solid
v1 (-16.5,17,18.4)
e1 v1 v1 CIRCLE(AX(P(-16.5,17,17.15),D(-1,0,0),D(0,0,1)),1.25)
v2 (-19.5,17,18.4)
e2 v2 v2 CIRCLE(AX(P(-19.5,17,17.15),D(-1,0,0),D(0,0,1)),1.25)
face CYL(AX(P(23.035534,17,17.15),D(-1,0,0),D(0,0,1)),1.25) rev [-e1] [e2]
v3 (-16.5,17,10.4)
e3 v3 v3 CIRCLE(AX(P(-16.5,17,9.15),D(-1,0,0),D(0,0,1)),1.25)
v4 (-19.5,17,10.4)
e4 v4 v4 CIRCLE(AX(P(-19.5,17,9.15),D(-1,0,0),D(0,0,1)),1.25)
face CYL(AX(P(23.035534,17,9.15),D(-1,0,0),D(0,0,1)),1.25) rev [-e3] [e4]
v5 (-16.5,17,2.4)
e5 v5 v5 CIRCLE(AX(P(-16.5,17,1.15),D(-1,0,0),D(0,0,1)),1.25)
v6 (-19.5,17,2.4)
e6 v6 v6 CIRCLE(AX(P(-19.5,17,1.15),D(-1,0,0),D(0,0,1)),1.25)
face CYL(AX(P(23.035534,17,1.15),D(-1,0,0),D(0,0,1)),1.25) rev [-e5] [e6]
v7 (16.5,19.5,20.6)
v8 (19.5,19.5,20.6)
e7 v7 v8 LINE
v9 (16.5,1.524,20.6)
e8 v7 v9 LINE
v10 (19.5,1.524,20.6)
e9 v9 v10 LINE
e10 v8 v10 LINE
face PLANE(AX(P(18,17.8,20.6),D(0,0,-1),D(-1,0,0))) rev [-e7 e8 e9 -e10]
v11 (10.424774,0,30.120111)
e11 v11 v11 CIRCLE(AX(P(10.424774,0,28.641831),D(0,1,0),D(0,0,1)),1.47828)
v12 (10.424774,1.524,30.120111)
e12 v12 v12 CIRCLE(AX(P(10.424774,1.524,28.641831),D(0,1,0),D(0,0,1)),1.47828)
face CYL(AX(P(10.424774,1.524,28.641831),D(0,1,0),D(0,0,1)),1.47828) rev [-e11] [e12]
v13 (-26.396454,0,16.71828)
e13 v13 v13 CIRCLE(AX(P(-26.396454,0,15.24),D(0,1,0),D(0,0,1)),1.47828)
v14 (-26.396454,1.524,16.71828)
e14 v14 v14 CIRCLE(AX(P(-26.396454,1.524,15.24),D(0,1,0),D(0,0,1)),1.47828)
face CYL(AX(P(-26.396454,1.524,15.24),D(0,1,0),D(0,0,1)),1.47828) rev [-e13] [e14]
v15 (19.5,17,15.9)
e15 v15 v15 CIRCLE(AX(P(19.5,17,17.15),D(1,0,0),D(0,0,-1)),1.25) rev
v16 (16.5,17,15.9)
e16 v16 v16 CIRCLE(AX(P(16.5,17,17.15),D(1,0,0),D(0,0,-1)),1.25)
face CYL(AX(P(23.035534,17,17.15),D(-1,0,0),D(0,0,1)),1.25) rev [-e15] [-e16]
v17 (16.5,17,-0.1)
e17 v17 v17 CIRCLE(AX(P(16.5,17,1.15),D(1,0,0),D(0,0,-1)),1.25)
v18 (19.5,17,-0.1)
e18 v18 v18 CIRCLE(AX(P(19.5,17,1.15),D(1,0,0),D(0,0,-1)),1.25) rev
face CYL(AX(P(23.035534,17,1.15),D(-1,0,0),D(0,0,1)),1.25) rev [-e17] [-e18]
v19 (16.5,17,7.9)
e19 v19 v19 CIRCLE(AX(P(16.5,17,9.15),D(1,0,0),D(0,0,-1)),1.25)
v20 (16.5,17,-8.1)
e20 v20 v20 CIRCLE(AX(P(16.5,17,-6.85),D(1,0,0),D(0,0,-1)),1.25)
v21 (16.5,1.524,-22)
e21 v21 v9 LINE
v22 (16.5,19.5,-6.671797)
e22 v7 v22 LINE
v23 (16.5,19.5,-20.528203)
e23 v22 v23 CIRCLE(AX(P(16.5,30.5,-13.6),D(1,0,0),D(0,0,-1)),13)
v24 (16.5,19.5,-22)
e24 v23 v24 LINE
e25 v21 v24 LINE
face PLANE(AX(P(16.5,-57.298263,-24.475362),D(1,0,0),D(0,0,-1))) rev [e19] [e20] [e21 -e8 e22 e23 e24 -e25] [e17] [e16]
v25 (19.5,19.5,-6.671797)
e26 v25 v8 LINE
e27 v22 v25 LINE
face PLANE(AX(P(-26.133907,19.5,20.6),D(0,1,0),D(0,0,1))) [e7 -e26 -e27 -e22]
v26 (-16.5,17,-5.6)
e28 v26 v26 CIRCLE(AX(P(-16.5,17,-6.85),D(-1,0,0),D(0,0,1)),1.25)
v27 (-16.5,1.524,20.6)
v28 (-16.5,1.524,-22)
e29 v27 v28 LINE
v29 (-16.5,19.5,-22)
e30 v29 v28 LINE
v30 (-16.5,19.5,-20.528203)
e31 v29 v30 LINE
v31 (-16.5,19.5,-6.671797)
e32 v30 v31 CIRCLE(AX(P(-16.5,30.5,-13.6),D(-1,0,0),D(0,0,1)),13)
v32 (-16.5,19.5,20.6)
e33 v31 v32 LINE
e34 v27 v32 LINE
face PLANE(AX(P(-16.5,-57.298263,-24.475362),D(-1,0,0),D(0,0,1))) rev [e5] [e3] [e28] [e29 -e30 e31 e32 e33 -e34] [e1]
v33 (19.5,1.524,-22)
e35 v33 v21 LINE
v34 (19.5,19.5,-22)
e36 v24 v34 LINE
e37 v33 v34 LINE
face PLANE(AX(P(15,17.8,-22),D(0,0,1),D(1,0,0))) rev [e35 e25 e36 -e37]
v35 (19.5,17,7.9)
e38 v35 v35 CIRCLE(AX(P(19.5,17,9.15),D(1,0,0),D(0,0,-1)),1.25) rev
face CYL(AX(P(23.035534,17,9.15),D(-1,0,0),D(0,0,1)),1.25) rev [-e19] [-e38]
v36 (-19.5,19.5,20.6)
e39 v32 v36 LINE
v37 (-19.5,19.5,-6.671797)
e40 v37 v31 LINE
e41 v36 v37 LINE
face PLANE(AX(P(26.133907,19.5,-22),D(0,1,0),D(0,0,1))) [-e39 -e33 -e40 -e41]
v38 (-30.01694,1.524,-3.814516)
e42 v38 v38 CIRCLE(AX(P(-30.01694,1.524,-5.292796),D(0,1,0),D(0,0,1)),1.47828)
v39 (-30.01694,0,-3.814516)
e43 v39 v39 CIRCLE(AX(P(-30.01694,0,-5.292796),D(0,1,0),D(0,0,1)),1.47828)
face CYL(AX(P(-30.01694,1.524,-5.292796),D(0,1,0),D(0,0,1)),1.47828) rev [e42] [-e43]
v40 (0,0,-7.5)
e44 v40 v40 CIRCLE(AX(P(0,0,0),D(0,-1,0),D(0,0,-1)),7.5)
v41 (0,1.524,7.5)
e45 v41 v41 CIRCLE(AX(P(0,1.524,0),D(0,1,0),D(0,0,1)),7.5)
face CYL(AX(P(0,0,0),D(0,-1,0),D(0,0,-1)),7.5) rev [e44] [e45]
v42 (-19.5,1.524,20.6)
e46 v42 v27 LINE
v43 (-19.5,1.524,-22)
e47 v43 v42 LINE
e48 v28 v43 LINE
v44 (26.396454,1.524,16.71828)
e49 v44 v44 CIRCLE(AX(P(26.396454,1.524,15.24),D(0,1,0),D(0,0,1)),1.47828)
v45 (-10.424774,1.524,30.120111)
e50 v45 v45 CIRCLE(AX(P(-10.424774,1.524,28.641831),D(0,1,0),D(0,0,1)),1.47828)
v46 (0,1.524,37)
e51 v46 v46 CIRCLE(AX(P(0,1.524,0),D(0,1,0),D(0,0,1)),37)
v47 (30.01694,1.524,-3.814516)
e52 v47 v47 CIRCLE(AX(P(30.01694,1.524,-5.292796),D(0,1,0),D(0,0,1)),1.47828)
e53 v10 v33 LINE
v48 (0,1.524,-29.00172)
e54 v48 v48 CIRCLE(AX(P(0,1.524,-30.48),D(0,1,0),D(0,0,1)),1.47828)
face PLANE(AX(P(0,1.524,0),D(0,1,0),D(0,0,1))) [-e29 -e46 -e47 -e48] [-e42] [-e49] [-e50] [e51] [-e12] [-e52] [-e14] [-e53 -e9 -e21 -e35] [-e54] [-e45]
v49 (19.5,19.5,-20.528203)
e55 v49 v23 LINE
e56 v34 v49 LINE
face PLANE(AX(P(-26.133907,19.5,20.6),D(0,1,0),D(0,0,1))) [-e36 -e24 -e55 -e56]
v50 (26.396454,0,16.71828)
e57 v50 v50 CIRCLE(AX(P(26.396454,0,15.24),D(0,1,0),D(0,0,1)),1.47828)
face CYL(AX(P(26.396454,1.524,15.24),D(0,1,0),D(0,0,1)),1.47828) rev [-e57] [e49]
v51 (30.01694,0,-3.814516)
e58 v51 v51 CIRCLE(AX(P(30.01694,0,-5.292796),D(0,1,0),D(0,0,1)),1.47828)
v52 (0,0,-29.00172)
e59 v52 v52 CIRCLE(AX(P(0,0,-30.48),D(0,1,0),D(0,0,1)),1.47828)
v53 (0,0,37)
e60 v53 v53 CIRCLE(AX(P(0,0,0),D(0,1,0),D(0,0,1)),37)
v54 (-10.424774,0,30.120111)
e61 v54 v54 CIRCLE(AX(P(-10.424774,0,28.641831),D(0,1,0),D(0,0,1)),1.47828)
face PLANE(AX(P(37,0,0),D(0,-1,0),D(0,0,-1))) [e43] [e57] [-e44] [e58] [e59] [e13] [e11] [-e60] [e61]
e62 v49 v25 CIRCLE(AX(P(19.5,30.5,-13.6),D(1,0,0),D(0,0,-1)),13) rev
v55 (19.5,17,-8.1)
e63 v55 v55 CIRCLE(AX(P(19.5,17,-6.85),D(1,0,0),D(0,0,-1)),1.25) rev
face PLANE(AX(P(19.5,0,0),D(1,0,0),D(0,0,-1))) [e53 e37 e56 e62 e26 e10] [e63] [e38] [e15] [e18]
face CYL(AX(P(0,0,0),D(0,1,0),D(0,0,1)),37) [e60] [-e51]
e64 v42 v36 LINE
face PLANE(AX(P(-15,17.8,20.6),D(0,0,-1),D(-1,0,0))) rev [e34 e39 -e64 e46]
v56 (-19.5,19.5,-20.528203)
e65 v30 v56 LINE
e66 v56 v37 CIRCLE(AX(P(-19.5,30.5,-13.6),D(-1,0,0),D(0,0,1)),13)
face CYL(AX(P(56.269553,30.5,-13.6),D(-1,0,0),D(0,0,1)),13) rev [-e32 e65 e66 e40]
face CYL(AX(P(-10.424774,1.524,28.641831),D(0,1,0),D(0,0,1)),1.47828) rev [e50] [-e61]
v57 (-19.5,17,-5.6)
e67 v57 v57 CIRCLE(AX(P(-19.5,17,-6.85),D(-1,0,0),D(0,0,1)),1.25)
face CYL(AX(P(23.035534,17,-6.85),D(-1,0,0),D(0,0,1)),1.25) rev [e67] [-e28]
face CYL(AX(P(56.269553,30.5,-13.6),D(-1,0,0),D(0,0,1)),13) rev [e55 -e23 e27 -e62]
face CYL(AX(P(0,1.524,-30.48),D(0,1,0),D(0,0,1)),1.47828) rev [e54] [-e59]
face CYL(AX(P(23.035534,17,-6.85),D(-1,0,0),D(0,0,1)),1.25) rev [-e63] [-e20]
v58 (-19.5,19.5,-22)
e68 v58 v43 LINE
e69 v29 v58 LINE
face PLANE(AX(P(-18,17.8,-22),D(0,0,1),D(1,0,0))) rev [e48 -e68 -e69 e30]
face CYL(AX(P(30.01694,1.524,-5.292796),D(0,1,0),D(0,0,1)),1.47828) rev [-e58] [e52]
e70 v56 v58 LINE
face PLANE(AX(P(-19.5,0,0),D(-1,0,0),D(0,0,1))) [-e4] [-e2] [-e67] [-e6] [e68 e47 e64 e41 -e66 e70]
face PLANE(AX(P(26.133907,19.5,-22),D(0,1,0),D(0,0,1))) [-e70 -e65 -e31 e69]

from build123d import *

# Parameters (mm, degrees)
IZIM1_W                          = 37
IZIM1_H                          = 1.524
IZIM2_W                          = 3
IZIM2_H                          = 42.6
Y_KSEKLIK_EKSTR_ZYON1_DEPTH      = 16.276
IZIM3_W                          = 3
IZIM3_H                          = 42.6
Y_KSEKLIK_EKSTR_ZYON2_DEPTH      = 16.276
DELIK1_D                         = 2.95656
DELIK1_DEPTH                     = 1.524
F_0_15_0_15_DIAMETER_HOLE1_D     = 15
F_0_15_0_15_DIAMETER_HOLE1_DEPTH = 17.8
IZIM15_W                         = 33
IZIM15_H                         = 48.693516851
KES_EKSTR_ZYON2_DEPTH            = 16.276
IZIM16_W                         = 42.6
IZIM16_H                         = 16.276
Y_KSEKLIK_EKSTR_ZYON3_DEPTH      = 1.5
IZIM17_W                         = 42.6
IZIM17_H                         = 16.276
Y_KSEKLIK_EKSTR_ZYON4_DEPTH      = 1.5
IZIM18_W                         = 42.6
IZIM18_H                         = 1.7
Y_KSEKLIK_EKSTR_ZYON5_DEPTH      = 3
IZIM19_W                         = 42.6
IZIM19_H                         = 1.7
Y_KSEKLIK_EKSTR_ZYON6_DEPTH      = 3
IZIM20_R                         = 13
KES_EKSTR_ZYON3_DEPTH            = 39
IZIM21_R                         = 1.25
KES_EKSTR_ZYON4_DEPTH            = 39


with BuildPart() as part:
    # Çizim1 → Döndür1 (revolve)
    with BuildSketch(Plane(origin=(0, 0, 0), x_dir=(-1, 0, 0), z_dir=(0, 0, -1))):
        with Locations((-18.5, 0.762)):
            Rectangle(IZIM1_W, IZIM1_H)
    revolve(axis=Axis((0, 0, 0), (0, 1, 0)))

    # Çizim2 → Yükseklik-Ekstrüzyon1 (add)
    with BuildSketch(Plane(origin=(0, 1.524, 0), x_dir=(-1, 0, 0), z_dir=(0, 1, 0))):
        with Locations((16.5, -0.7)):
            Rectangle(IZIM2_W, IZIM2_H)
    extrude(amount=Y_KSEKLIK_EKSTR_ZYON1_DEPTH)

    # Çizim3 → Yükseklik-Ekstrüzyon2 (add)
    with BuildSketch(Plane(origin=(0, 1.524, 0), x_dir=(-1, 0, 0), z_dir=(0, 1, 0))):
        with Locations((-16.5, -0.7)):
            Rectangle(IZIM3_W, IZIM3_H)
    extrude(amount=Y_KSEKLIK_EKSTR_ZYON2_DEPTH)

    # Delik1
    with Locations(Plane(origin=(0, 1.524, 0), x_dir=(1, 0, 0), z_dir=(0, 1, 0))):
        with Locations((0, 30.48), (30.016940312, 5.292796455), (26.396454307, -15.24), (10.424773969, -28.641831082), (-10.424773969, -28.641831082), (-26.396454307, -15.24), (-30.016940312, 5.292796455)):
            Hole(DELIK1_D / 2, depth=DELIK1_DEPTH)

    # Ø0.15 (0.15) Diameter Hole1
    with Locations(Plane(origin=(0, 0, 0), x_dir=(-1, 0, 0), z_dir=(0, -1, 0))):
        with Locations((0, 0)):
            Hole(F_0_15_0_15_DIAMETER_HOLE1_D / 2, depth=F_0_15_0_15_DIAMETER_HOLE1_DEPTH)

    # Çizim15 → Kes-Ekstrüzyon2 (cut)
    with BuildSketch(Plane(origin=(0, 17.8, 0), x_dir=(1, 0, 0), z_dir=(0, 1, 0))):
        with Locations((0, 0.128603458)):
            Rectangle(IZIM15_W, IZIM15_H)
    extrude(amount=-KES_EKSTR_ZYON2_DEPTH, mode=Mode.SUBTRACT)

    # Çizim16 → Yükseklik-Ekstrüzyon3 (add)
    with BuildSketch(Plane(origin=(18, 0, 0), x_dir=(0, 0, -1), z_dir=(1, 0, 0))):
        with Locations((0.7, 9.662)):
            Rectangle(IZIM16_W, IZIM16_H)
    extrude(amount=Y_KSEKLIK_EKSTR_ZYON3_DEPTH)

    # Çizim17 → Yükseklik-Ekstrüzyon4 (add)
    with BuildSketch(Plane.ZY.offset(18)):
        with Locations((-0.7, 9.662)):
            Rectangle(IZIM17_W, IZIM17_H)
    extrude(amount=Y_KSEKLIK_EKSTR_ZYON4_DEPTH)

    # Çizim18 → Yükseklik-Ekstrüzyon5 (add)
    with BuildSketch(Plane.ZY.offset(19.5)):
        with Locations((-0.7, 18.65)):
            Rectangle(IZIM18_W, IZIM18_H)
    extrude(amount=-Y_KSEKLIK_EKSTR_ZYON5_DEPTH)

    # Çizim19 → Yükseklik-Ekstrüzyon6 (add)
    with BuildSketch(Plane(origin=(19.5, 0, 0), x_dir=(0, 0, -1), z_dir=(1, 0, 0))):
        with Locations((0.7, 18.65)):
            Rectangle(IZIM19_W, IZIM19_H)
    extrude(amount=-Y_KSEKLIK_EKSTR_ZYON6_DEPTH)

    # Çizim20 → Kes-Ekstrüzyon3 (cut)
    with BuildSketch(Plane.ZY.offset(19.5)):
        with Locations((-13.6, 30.5)):
            Circle(IZIM20_R)
    extrude(amount=-KES_EKSTR_ZYON3_DEPTH, mode=Mode.SUBTRACT)

    # Çizim21 → Kes-Ekstrüzyon4 (cut)
    with BuildSketch(Plane.ZY.offset(19.5)):
        with Locations((17.15, 17)):
            Circle(IZIM21_R)
        with Locations((9.15, 17)):
            Circle(IZIM21_R)
        with Locations((1.15, 17)):
            Circle(IZIM21_R)
        with Locations((-6.85, 17)):
            Circle(IZIM21_R)
    extrude(amount=-KES_EKSTR_ZYON4_DEPTH, mode=Mode.SUBTRACT)


solid = part.part
